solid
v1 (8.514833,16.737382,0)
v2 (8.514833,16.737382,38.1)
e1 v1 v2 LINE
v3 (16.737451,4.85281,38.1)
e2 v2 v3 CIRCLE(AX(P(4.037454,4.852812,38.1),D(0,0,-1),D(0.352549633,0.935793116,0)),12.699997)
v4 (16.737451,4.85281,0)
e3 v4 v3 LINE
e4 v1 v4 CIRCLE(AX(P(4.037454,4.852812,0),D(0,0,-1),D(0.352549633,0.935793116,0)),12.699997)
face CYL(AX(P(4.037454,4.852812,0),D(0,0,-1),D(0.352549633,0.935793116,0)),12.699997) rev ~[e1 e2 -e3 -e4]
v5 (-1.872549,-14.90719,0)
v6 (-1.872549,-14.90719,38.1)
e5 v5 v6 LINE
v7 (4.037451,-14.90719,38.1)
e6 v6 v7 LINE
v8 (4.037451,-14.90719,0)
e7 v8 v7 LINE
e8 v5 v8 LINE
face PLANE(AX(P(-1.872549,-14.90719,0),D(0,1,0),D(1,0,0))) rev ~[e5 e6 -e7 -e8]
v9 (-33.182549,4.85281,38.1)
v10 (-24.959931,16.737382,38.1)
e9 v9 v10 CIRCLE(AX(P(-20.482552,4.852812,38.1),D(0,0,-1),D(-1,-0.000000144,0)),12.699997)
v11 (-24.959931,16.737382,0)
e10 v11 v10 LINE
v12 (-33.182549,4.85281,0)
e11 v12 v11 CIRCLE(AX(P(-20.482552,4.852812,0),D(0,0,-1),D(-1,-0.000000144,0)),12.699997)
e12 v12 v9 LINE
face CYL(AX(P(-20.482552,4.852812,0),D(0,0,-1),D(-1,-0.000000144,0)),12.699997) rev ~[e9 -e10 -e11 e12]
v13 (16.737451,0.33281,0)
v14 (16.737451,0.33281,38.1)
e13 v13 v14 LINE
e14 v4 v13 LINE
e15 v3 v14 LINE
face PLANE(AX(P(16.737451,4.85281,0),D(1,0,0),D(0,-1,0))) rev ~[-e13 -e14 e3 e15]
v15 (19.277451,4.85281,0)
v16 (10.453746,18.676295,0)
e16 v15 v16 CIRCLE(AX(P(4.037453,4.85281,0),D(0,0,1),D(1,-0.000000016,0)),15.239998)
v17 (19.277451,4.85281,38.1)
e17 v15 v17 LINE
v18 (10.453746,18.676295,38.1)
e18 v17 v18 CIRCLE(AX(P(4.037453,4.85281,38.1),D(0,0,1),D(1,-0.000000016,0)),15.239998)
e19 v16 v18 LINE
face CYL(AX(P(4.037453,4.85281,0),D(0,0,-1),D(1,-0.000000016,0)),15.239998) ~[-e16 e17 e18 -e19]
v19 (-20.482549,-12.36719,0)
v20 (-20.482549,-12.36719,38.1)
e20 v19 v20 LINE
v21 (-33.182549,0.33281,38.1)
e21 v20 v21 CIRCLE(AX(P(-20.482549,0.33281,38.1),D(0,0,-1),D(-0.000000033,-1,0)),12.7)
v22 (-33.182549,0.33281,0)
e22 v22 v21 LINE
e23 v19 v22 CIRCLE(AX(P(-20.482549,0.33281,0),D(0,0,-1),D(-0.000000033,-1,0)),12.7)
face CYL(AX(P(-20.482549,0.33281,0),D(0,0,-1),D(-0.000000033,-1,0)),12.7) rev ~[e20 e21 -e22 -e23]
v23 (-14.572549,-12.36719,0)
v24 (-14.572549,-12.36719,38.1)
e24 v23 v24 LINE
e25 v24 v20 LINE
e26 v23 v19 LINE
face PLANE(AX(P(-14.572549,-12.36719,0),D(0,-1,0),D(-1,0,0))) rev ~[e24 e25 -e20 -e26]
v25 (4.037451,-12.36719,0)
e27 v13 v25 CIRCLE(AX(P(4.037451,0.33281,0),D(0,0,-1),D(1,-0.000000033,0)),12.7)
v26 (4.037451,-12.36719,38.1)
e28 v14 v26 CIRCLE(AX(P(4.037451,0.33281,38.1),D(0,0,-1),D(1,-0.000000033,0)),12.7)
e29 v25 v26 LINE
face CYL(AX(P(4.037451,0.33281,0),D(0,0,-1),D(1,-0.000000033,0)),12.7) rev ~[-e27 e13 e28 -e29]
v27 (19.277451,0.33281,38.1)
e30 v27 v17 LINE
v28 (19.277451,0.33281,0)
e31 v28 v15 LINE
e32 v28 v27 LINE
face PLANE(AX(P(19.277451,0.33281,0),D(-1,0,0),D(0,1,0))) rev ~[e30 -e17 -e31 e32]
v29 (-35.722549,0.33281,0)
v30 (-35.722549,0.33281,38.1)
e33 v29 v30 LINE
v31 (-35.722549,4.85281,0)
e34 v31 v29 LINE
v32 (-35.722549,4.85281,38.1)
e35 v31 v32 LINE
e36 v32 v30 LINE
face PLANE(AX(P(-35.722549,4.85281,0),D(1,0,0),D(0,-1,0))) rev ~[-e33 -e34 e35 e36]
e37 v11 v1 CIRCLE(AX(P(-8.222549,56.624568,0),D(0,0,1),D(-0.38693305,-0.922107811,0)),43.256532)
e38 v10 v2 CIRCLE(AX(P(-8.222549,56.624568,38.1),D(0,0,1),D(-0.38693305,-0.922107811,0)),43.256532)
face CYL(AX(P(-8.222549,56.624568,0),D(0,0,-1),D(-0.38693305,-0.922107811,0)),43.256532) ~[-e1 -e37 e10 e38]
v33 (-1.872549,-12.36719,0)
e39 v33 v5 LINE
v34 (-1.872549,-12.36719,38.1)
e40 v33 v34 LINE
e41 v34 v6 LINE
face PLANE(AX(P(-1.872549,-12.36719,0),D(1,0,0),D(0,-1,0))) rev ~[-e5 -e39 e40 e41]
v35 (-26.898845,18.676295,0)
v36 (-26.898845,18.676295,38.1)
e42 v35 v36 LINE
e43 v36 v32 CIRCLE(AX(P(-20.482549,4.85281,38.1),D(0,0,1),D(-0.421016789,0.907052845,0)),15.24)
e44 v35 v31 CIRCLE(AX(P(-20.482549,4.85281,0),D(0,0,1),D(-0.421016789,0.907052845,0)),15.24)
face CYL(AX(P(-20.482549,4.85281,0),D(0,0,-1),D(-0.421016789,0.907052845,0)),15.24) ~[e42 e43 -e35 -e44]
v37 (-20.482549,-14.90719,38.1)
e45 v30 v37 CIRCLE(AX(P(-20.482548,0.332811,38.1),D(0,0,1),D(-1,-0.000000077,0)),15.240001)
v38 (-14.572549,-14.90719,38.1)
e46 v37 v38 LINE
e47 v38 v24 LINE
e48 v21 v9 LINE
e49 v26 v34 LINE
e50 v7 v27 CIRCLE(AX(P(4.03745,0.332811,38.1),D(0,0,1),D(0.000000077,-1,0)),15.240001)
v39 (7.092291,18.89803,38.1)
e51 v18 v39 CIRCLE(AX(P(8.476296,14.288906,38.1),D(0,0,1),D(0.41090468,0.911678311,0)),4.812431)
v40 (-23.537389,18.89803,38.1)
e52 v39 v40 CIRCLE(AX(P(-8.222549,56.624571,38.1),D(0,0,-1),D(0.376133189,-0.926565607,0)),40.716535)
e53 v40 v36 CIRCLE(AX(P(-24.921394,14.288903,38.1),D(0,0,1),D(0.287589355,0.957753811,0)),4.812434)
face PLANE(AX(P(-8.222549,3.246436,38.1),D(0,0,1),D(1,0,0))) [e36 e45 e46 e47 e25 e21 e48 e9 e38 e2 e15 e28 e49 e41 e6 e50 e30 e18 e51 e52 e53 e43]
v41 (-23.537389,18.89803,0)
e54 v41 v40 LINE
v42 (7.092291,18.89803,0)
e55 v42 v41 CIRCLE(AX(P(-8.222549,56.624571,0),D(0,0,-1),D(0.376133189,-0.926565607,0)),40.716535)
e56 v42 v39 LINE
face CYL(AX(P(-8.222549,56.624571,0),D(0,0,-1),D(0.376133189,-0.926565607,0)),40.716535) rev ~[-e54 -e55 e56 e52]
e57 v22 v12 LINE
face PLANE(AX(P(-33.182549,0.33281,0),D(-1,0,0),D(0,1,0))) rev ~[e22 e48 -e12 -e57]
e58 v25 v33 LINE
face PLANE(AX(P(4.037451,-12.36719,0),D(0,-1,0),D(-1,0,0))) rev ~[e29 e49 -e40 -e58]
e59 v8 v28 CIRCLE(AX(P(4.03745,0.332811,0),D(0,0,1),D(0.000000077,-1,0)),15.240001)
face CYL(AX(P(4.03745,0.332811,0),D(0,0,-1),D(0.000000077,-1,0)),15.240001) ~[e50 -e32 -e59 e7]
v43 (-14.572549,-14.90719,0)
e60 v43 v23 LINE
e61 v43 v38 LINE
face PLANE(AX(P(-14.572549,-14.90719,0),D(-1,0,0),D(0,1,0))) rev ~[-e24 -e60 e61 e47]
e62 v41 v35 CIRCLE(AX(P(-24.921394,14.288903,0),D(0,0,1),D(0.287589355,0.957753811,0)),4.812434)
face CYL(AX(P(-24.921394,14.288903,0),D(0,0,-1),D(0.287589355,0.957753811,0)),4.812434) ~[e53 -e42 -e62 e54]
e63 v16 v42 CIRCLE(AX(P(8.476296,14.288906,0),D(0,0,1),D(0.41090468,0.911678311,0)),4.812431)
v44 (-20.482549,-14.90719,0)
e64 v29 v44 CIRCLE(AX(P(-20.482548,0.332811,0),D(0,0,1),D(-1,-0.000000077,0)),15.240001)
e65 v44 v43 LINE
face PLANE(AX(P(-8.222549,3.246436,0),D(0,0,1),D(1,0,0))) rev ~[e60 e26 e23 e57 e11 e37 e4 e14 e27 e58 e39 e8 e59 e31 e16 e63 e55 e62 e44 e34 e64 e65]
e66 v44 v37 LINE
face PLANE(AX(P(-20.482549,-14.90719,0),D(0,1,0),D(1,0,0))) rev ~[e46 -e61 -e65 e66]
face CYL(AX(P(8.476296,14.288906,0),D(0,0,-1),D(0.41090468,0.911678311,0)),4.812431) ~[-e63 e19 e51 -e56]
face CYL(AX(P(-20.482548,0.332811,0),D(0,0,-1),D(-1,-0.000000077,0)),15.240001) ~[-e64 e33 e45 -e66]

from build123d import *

# Parameters (mm, degrees)
F1_DEPTH = 38.1


with BuildPart() as f1:
    # F0 (on Top) → F1 (new body)
    with BuildSketch(Plane.XY):
        with BuildLine():
            ThreePointArc((-35.722549, 0.33281), (-31.258856, -10.443497), (-20.482549, -14.90719))
            Line((-20.482549, -14.90719), (-14.572549, -14.90719))
            Line((-14.572549, -14.90719), (-14.572549, -12.36719))
            Line((-14.572549, -12.36719), (-20.482549, -12.36719))
            ThreePointArc((-20.482549, -12.36719), (-29.462805, -8.647446), (-33.182549, 0.33281))
            Line((-33.182549, 0.33281), (-33.182549, 4.85281))
            ThreePointArc((-33.182549, 4.85281), (-30.926513, 12.07871), (-24.959931, 16.737382))
            ThreePointArc((-24.959931, 16.737382), (-8.222549, 13.368036), (8.514833, 16.737382))
            ThreePointArc((8.514833, 16.737382), (14.481415, 12.07871), (16.737451, 4.85281))
            Line((16.737451, 4.85281), (16.737451, 0.33281))
            ThreePointArc((16.737451, 0.33281), (13.017707, -8.647446), (4.037451, -12.36719))
            Line((4.037451, -12.36719), (-1.872549, -12.36719))
            Line((-1.872549, -12.36719), (-1.872549, -14.90719))
            Line((-1.872549, -14.90719), (4.037451, -14.90719))
            ThreePointArc((4.037451, -14.90719), (14.813758, -10.443497), (19.277451, 0.33281))
            Line((19.277451, 0.33281), (19.277451, 4.85281))
            ThreePointArc((19.277451, 4.85281), (16.8835, 13.052604), (10.453746, 18.676295))
            ThreePointArc((10.453746, 18.676295), (8.793055, 19.090901), (7.092291, 18.89803))
            ThreePointArc((7.092291, 18.89803), (-8.222549, 15.908036), (-23.537389, 18.89803))
            ThreePointArc((-23.537389, 18.89803), (-25.238153, 19.090901), (-26.898845, 18.676295))
            ThreePointArc((-26.898845, 18.676295), (-33.328598, 13.052604), (-35.722549, 4.85281))
            Line((-35.722549, 4.85281), (-35.722549, 0.33281))
        make_face()
    extrude(amount=F1_DEPTH)


solid = f1.part
